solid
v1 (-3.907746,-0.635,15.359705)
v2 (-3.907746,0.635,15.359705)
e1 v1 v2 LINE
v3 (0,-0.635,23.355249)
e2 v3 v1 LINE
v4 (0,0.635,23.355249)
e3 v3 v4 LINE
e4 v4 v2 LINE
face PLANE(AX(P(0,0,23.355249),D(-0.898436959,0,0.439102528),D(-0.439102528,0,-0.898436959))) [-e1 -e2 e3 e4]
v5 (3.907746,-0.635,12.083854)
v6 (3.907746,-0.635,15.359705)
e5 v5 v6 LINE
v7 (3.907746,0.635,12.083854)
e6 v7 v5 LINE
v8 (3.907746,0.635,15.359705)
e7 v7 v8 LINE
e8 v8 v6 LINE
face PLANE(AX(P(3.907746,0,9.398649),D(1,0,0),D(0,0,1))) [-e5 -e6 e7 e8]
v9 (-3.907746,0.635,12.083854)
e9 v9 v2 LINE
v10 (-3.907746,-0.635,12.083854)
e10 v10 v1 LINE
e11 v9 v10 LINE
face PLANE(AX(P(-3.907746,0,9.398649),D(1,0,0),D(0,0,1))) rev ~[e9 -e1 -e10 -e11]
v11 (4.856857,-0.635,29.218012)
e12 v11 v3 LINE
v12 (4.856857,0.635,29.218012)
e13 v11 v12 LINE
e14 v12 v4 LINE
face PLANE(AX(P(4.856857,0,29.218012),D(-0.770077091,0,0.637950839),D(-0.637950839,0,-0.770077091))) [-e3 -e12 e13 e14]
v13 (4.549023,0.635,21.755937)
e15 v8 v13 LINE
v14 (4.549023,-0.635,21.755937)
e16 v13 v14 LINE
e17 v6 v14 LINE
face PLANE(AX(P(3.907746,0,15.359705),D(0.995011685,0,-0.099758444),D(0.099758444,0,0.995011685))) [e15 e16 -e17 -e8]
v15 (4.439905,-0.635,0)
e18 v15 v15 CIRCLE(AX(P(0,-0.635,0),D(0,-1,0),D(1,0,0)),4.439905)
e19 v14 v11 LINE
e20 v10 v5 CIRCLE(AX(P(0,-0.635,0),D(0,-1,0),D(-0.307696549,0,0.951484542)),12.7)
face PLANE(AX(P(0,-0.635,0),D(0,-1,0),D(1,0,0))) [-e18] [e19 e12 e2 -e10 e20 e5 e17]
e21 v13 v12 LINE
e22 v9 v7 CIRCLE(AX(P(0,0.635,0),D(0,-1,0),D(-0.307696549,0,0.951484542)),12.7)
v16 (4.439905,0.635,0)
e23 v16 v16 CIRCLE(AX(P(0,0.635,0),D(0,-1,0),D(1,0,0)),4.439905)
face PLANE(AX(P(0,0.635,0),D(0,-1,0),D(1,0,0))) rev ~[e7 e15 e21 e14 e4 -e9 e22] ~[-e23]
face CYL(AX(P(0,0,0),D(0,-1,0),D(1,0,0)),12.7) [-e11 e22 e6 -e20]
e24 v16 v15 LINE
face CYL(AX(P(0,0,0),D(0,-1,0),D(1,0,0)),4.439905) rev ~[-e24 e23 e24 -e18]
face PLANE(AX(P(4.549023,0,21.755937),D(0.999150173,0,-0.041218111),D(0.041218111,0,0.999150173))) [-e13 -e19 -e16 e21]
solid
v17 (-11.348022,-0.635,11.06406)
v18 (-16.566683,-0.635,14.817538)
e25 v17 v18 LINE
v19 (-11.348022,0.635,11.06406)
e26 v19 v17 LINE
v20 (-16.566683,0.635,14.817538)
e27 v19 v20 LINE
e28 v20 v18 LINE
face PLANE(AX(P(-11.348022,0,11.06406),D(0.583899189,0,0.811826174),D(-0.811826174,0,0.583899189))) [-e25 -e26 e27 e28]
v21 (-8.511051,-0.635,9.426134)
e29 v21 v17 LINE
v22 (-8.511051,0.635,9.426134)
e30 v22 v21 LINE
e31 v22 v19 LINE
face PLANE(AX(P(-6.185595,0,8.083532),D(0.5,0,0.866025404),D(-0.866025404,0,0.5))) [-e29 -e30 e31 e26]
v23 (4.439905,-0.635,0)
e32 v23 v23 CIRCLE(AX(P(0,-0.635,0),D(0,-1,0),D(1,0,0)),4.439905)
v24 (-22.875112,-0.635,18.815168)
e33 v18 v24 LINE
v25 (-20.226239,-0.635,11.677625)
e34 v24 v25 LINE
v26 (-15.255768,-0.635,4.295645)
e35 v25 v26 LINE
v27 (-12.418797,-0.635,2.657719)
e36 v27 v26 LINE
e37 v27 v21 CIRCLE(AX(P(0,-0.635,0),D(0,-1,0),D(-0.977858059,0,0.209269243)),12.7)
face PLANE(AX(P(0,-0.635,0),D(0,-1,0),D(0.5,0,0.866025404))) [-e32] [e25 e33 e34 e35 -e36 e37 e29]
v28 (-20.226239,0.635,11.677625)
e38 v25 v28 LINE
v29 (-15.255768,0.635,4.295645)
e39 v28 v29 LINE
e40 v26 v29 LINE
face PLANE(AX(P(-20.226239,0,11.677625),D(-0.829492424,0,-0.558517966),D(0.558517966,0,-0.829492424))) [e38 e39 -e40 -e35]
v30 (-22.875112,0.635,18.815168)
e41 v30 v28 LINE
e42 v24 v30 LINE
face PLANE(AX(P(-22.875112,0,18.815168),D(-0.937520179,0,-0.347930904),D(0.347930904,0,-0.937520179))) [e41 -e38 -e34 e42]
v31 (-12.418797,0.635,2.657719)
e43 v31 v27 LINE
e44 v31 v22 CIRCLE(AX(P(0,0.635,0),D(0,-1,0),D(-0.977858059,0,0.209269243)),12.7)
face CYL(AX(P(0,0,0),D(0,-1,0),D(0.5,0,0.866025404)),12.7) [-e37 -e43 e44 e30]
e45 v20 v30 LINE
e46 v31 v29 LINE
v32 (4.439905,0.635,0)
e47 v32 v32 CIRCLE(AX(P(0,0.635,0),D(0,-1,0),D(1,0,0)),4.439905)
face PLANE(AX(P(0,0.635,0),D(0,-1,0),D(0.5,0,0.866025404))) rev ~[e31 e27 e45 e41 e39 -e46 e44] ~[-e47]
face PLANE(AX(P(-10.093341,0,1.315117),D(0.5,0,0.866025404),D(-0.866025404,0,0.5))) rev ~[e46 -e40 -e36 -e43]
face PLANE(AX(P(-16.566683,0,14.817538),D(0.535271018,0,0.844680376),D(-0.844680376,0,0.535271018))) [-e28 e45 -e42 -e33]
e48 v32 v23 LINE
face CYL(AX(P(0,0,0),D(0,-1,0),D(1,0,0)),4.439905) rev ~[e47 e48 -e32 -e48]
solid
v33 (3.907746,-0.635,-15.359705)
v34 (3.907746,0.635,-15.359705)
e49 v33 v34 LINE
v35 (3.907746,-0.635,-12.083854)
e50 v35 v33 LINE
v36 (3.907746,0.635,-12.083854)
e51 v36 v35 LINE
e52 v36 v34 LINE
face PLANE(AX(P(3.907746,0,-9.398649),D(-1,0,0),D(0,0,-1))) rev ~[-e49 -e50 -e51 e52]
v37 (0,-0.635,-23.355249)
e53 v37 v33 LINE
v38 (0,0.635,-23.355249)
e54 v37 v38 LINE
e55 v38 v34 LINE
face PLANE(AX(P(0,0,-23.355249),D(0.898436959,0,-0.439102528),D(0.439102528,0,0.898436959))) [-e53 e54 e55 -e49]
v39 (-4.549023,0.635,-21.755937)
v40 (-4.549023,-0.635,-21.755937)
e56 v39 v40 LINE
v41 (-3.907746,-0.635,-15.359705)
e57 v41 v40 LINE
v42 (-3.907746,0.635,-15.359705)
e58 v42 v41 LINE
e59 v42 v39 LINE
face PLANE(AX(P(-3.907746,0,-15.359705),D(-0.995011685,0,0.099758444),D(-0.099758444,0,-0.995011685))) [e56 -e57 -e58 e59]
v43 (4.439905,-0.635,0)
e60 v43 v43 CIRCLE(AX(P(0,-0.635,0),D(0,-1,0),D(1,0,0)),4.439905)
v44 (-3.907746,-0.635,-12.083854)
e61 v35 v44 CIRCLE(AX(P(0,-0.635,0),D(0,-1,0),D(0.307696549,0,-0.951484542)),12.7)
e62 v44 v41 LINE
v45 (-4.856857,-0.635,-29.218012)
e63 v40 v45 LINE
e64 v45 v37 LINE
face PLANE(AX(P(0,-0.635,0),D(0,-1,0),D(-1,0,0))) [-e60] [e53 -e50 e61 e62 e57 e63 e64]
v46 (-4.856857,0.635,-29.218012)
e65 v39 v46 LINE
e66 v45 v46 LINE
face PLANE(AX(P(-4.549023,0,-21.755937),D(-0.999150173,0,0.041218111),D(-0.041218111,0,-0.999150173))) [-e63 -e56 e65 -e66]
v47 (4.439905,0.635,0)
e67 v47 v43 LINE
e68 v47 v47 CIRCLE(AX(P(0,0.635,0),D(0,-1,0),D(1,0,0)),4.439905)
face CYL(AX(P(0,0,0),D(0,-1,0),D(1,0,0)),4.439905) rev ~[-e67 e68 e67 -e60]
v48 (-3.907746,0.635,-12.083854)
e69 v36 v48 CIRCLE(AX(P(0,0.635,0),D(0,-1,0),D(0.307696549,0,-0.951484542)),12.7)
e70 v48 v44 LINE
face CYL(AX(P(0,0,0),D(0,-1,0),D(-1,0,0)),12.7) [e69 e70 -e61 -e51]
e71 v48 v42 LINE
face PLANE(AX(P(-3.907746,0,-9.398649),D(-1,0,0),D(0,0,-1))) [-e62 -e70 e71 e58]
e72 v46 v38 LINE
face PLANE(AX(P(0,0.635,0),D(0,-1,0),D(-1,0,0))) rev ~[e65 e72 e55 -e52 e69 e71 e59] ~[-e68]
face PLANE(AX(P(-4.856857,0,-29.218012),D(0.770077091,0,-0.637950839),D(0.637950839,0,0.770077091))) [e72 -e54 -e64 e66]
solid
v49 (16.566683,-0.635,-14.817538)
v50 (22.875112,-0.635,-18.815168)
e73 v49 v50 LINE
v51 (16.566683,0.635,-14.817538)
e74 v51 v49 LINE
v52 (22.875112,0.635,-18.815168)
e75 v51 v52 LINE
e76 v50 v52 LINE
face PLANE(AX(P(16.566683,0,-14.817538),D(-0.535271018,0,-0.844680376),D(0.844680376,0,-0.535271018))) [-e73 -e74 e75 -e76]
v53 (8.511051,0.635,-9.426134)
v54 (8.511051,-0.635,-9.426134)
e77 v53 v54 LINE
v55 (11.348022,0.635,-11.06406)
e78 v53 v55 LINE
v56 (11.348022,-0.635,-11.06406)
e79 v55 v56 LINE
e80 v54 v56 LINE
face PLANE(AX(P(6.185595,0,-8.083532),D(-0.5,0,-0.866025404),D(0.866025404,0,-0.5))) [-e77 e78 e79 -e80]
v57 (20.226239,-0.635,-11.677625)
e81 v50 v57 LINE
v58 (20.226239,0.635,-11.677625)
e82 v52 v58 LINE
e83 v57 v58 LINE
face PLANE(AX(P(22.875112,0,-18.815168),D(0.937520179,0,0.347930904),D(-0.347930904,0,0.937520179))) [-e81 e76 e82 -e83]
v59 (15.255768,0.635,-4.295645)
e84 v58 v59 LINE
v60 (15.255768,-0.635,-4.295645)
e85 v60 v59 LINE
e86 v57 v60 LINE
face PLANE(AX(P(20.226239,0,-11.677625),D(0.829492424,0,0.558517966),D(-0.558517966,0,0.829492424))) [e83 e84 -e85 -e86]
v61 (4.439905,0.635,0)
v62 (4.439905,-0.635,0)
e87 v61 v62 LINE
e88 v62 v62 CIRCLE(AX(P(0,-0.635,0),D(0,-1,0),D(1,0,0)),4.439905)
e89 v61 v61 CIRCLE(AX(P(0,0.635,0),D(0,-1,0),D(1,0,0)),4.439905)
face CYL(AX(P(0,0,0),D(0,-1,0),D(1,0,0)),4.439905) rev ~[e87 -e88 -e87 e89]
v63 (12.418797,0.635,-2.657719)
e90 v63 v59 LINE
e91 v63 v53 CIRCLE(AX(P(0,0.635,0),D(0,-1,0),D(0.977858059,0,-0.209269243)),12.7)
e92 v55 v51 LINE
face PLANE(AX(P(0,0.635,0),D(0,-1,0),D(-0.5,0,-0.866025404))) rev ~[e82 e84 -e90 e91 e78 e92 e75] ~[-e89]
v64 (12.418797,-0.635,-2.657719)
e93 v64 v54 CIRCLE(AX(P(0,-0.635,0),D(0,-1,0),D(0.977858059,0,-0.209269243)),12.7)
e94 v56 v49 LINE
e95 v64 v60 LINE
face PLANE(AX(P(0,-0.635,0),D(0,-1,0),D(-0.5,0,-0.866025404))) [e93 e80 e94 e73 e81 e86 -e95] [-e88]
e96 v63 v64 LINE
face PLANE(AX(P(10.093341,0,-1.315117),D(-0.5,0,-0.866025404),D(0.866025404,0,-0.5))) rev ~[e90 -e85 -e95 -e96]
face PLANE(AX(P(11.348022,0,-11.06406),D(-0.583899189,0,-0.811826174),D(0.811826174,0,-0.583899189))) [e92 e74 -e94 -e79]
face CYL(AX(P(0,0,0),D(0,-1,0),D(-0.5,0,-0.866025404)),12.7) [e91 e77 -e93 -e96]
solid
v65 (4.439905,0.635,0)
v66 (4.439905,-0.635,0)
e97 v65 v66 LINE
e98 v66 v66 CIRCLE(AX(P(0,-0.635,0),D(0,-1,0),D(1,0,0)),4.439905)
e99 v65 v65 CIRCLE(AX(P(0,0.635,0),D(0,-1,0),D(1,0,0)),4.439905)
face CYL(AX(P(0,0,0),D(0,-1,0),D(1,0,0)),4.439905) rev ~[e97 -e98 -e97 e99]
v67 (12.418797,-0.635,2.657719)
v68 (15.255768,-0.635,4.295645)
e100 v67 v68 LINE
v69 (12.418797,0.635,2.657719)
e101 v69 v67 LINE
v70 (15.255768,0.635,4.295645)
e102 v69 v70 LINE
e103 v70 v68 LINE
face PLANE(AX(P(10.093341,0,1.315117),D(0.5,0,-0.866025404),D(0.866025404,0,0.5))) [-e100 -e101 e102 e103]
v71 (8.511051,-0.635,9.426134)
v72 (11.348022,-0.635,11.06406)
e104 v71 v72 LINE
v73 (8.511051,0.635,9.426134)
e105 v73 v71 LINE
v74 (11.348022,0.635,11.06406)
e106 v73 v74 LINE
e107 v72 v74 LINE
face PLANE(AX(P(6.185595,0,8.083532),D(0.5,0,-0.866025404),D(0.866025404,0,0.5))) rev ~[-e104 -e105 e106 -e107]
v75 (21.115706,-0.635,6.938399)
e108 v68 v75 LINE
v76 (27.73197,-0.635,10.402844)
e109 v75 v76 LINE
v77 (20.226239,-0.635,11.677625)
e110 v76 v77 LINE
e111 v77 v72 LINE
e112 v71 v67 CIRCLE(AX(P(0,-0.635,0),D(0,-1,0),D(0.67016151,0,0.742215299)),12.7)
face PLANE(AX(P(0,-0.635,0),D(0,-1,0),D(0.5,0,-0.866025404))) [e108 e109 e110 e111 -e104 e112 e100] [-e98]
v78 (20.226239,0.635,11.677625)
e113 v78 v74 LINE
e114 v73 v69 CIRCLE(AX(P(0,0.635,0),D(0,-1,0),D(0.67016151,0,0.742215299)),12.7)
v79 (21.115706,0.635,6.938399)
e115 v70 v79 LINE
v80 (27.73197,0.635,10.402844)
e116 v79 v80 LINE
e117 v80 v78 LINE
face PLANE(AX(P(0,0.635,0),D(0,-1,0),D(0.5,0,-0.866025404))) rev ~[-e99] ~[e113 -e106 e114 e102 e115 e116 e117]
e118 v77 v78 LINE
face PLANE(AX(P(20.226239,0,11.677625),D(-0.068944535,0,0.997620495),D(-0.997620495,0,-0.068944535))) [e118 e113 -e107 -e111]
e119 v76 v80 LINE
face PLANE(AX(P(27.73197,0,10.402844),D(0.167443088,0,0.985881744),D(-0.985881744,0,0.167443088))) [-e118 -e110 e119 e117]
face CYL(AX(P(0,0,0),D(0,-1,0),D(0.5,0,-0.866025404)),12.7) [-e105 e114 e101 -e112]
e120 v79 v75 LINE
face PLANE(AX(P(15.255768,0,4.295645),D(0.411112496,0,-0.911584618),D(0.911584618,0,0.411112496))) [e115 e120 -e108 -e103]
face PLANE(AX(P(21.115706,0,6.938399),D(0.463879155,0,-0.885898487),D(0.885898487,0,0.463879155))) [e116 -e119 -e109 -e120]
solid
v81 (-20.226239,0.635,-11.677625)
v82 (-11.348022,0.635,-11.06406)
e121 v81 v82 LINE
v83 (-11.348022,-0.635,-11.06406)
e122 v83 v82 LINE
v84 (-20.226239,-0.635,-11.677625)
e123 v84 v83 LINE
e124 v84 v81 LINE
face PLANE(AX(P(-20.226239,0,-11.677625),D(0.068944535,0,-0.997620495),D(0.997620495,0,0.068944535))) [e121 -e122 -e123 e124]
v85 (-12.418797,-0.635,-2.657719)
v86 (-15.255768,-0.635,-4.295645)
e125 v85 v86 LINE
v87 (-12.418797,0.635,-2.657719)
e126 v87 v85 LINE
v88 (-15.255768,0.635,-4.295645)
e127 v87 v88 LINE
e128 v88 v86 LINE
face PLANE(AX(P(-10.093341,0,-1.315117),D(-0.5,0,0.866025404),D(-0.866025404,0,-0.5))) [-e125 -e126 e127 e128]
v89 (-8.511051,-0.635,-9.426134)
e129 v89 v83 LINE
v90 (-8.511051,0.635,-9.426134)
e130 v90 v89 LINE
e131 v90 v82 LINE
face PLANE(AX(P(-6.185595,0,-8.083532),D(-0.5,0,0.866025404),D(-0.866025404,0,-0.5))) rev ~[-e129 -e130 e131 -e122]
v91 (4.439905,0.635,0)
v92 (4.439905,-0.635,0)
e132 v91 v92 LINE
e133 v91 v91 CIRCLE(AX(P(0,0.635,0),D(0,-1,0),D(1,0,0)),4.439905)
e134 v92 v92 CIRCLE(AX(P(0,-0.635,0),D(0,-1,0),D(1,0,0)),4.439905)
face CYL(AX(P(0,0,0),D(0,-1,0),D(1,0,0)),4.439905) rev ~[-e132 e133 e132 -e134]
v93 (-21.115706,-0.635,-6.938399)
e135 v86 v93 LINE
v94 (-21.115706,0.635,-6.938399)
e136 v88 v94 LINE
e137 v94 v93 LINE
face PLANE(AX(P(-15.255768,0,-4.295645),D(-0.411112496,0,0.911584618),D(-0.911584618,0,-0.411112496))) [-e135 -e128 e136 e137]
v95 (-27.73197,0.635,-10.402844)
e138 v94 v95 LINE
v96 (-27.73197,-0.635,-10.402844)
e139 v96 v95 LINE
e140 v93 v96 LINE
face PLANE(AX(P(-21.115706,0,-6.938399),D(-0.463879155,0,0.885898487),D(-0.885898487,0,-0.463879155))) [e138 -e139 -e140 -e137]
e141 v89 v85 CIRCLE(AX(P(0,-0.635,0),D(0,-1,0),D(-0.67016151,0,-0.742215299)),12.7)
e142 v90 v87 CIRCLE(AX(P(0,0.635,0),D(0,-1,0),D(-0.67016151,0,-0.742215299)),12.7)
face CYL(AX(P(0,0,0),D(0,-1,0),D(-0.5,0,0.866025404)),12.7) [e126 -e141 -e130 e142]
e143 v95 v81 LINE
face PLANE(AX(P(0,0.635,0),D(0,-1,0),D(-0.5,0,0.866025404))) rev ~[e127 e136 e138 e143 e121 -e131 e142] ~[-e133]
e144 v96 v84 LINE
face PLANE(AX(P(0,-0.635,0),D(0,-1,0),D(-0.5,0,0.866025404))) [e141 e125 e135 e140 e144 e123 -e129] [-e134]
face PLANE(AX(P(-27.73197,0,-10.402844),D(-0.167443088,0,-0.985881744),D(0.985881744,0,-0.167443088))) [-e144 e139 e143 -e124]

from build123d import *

# Parameters (mm, degrees)
F0_R     = 12.7
F1_DEPTH = 0.635
F2_W     = 7.8154923394
F2_H     = 5.9610567987
F3_DEPTH = 0.635
F4_COUNT = 6
F5_R     = 4.439905228
F6_DEPTH = 0.635


with BuildPart() as f1:
    # F0 (on Front) → F1 (new body, symmetric)
    with BuildSketch(Plane.XZ):
        Circle(F0_R)
    extrude(amount=F1_DEPTH, both=True)

    # F2 (on Front) → F3 (join, symmetric)
    with BuildSketch(Plane.XZ):
        with Locations((0, 12.3791769147)):
            Rectangle(F2_W, F2_H)
        Polygon((-3.9077461697, 15.359705314), (3.9077461697, 15.359705314), (4.5490232296, 21.7559374869), (0, 23.3552493155), align=None)
        Polygon((0, 23.3552493155), (4.5490232296, 21.7559374869), (4.8568574712, 29.218012467), align=None)
    extrude(amount=F3_DEPTH, both=True)


with BuildPart() as f4_1:
    # F4: instance of F1
    add(f1.part.rotate(Axis((0, 0, 0), (0, -1, 0)), 1 * 360 / F4_COUNT))


with BuildPart() as f4_2:
    # F4: instance of F1
    add(f1.part.rotate(Axis((0, 0, 0), (0, -1, 0)), 2 * 360 / F4_COUNT))


with BuildPart() as f4_3:
    # F4: instance of F1
    add(f1.part.rotate(Axis((0, 0, 0), (0, -1, 0)), 3 * 360 / F4_COUNT))


with BuildPart() as f4_4:
    # F4: instance of F1
    add(f1.part.rotate(Axis((0, 0, 0), (0, -1, 0)), 4 * 360 / F4_COUNT))


with BuildPart() as f4_5:
    # F4: instance of F1
    add(f1.part.rotate(Axis((0, 0, 0), (0, -1, 0)), 5 * 360 / F4_COUNT))


with BuildPart() as f6_tool:
    # F5 (on Front) → F6 (new body, symmetric)
    with BuildSketch(Plane.XZ):
        Circle(F5_R)
    extrude(amount=F6_DEPTH, both=True)


with BuildPart() as f1_1:
    add(f1.part)

    # F6: cut by f6_tool
    add(f6_tool.part, mode=Mode.SUBTRACT)


with BuildPart() as f4_1_1:
    add(f4_1.part)

    # F6: cut by f6_tool
    add(f6_tool.part, mode=Mode.SUBTRACT)


with BuildPart() as f4_2_1:
    add(f4_2.part)

    # F6: cut by f6_tool
    add(f6_tool.part, mode=Mode.SUBTRACT)


with BuildPart() as f4_3_1:
    add(f4_3.part)

    # F6: cut by f6_tool
    add(f6_tool.part, mode=Mode.SUBTRACT)


with BuildPart() as f4_4_1:
    add(f4_4.part)

    # F6: cut by f6_tool
    add(f6_tool.part, mode=Mode.SUBTRACT)


with BuildPart() as f4_5_1:
    add(f4_5.part)

    # F6: cut by f6_tool
    add(f6_tool.part, mode=Mode.SUBTRACT)


solid = Compound([f1_1.part, f4_1_1.part, f4_2_1.part, f4_3_1.part, f4_4_1.part, f4_5_1.part])
